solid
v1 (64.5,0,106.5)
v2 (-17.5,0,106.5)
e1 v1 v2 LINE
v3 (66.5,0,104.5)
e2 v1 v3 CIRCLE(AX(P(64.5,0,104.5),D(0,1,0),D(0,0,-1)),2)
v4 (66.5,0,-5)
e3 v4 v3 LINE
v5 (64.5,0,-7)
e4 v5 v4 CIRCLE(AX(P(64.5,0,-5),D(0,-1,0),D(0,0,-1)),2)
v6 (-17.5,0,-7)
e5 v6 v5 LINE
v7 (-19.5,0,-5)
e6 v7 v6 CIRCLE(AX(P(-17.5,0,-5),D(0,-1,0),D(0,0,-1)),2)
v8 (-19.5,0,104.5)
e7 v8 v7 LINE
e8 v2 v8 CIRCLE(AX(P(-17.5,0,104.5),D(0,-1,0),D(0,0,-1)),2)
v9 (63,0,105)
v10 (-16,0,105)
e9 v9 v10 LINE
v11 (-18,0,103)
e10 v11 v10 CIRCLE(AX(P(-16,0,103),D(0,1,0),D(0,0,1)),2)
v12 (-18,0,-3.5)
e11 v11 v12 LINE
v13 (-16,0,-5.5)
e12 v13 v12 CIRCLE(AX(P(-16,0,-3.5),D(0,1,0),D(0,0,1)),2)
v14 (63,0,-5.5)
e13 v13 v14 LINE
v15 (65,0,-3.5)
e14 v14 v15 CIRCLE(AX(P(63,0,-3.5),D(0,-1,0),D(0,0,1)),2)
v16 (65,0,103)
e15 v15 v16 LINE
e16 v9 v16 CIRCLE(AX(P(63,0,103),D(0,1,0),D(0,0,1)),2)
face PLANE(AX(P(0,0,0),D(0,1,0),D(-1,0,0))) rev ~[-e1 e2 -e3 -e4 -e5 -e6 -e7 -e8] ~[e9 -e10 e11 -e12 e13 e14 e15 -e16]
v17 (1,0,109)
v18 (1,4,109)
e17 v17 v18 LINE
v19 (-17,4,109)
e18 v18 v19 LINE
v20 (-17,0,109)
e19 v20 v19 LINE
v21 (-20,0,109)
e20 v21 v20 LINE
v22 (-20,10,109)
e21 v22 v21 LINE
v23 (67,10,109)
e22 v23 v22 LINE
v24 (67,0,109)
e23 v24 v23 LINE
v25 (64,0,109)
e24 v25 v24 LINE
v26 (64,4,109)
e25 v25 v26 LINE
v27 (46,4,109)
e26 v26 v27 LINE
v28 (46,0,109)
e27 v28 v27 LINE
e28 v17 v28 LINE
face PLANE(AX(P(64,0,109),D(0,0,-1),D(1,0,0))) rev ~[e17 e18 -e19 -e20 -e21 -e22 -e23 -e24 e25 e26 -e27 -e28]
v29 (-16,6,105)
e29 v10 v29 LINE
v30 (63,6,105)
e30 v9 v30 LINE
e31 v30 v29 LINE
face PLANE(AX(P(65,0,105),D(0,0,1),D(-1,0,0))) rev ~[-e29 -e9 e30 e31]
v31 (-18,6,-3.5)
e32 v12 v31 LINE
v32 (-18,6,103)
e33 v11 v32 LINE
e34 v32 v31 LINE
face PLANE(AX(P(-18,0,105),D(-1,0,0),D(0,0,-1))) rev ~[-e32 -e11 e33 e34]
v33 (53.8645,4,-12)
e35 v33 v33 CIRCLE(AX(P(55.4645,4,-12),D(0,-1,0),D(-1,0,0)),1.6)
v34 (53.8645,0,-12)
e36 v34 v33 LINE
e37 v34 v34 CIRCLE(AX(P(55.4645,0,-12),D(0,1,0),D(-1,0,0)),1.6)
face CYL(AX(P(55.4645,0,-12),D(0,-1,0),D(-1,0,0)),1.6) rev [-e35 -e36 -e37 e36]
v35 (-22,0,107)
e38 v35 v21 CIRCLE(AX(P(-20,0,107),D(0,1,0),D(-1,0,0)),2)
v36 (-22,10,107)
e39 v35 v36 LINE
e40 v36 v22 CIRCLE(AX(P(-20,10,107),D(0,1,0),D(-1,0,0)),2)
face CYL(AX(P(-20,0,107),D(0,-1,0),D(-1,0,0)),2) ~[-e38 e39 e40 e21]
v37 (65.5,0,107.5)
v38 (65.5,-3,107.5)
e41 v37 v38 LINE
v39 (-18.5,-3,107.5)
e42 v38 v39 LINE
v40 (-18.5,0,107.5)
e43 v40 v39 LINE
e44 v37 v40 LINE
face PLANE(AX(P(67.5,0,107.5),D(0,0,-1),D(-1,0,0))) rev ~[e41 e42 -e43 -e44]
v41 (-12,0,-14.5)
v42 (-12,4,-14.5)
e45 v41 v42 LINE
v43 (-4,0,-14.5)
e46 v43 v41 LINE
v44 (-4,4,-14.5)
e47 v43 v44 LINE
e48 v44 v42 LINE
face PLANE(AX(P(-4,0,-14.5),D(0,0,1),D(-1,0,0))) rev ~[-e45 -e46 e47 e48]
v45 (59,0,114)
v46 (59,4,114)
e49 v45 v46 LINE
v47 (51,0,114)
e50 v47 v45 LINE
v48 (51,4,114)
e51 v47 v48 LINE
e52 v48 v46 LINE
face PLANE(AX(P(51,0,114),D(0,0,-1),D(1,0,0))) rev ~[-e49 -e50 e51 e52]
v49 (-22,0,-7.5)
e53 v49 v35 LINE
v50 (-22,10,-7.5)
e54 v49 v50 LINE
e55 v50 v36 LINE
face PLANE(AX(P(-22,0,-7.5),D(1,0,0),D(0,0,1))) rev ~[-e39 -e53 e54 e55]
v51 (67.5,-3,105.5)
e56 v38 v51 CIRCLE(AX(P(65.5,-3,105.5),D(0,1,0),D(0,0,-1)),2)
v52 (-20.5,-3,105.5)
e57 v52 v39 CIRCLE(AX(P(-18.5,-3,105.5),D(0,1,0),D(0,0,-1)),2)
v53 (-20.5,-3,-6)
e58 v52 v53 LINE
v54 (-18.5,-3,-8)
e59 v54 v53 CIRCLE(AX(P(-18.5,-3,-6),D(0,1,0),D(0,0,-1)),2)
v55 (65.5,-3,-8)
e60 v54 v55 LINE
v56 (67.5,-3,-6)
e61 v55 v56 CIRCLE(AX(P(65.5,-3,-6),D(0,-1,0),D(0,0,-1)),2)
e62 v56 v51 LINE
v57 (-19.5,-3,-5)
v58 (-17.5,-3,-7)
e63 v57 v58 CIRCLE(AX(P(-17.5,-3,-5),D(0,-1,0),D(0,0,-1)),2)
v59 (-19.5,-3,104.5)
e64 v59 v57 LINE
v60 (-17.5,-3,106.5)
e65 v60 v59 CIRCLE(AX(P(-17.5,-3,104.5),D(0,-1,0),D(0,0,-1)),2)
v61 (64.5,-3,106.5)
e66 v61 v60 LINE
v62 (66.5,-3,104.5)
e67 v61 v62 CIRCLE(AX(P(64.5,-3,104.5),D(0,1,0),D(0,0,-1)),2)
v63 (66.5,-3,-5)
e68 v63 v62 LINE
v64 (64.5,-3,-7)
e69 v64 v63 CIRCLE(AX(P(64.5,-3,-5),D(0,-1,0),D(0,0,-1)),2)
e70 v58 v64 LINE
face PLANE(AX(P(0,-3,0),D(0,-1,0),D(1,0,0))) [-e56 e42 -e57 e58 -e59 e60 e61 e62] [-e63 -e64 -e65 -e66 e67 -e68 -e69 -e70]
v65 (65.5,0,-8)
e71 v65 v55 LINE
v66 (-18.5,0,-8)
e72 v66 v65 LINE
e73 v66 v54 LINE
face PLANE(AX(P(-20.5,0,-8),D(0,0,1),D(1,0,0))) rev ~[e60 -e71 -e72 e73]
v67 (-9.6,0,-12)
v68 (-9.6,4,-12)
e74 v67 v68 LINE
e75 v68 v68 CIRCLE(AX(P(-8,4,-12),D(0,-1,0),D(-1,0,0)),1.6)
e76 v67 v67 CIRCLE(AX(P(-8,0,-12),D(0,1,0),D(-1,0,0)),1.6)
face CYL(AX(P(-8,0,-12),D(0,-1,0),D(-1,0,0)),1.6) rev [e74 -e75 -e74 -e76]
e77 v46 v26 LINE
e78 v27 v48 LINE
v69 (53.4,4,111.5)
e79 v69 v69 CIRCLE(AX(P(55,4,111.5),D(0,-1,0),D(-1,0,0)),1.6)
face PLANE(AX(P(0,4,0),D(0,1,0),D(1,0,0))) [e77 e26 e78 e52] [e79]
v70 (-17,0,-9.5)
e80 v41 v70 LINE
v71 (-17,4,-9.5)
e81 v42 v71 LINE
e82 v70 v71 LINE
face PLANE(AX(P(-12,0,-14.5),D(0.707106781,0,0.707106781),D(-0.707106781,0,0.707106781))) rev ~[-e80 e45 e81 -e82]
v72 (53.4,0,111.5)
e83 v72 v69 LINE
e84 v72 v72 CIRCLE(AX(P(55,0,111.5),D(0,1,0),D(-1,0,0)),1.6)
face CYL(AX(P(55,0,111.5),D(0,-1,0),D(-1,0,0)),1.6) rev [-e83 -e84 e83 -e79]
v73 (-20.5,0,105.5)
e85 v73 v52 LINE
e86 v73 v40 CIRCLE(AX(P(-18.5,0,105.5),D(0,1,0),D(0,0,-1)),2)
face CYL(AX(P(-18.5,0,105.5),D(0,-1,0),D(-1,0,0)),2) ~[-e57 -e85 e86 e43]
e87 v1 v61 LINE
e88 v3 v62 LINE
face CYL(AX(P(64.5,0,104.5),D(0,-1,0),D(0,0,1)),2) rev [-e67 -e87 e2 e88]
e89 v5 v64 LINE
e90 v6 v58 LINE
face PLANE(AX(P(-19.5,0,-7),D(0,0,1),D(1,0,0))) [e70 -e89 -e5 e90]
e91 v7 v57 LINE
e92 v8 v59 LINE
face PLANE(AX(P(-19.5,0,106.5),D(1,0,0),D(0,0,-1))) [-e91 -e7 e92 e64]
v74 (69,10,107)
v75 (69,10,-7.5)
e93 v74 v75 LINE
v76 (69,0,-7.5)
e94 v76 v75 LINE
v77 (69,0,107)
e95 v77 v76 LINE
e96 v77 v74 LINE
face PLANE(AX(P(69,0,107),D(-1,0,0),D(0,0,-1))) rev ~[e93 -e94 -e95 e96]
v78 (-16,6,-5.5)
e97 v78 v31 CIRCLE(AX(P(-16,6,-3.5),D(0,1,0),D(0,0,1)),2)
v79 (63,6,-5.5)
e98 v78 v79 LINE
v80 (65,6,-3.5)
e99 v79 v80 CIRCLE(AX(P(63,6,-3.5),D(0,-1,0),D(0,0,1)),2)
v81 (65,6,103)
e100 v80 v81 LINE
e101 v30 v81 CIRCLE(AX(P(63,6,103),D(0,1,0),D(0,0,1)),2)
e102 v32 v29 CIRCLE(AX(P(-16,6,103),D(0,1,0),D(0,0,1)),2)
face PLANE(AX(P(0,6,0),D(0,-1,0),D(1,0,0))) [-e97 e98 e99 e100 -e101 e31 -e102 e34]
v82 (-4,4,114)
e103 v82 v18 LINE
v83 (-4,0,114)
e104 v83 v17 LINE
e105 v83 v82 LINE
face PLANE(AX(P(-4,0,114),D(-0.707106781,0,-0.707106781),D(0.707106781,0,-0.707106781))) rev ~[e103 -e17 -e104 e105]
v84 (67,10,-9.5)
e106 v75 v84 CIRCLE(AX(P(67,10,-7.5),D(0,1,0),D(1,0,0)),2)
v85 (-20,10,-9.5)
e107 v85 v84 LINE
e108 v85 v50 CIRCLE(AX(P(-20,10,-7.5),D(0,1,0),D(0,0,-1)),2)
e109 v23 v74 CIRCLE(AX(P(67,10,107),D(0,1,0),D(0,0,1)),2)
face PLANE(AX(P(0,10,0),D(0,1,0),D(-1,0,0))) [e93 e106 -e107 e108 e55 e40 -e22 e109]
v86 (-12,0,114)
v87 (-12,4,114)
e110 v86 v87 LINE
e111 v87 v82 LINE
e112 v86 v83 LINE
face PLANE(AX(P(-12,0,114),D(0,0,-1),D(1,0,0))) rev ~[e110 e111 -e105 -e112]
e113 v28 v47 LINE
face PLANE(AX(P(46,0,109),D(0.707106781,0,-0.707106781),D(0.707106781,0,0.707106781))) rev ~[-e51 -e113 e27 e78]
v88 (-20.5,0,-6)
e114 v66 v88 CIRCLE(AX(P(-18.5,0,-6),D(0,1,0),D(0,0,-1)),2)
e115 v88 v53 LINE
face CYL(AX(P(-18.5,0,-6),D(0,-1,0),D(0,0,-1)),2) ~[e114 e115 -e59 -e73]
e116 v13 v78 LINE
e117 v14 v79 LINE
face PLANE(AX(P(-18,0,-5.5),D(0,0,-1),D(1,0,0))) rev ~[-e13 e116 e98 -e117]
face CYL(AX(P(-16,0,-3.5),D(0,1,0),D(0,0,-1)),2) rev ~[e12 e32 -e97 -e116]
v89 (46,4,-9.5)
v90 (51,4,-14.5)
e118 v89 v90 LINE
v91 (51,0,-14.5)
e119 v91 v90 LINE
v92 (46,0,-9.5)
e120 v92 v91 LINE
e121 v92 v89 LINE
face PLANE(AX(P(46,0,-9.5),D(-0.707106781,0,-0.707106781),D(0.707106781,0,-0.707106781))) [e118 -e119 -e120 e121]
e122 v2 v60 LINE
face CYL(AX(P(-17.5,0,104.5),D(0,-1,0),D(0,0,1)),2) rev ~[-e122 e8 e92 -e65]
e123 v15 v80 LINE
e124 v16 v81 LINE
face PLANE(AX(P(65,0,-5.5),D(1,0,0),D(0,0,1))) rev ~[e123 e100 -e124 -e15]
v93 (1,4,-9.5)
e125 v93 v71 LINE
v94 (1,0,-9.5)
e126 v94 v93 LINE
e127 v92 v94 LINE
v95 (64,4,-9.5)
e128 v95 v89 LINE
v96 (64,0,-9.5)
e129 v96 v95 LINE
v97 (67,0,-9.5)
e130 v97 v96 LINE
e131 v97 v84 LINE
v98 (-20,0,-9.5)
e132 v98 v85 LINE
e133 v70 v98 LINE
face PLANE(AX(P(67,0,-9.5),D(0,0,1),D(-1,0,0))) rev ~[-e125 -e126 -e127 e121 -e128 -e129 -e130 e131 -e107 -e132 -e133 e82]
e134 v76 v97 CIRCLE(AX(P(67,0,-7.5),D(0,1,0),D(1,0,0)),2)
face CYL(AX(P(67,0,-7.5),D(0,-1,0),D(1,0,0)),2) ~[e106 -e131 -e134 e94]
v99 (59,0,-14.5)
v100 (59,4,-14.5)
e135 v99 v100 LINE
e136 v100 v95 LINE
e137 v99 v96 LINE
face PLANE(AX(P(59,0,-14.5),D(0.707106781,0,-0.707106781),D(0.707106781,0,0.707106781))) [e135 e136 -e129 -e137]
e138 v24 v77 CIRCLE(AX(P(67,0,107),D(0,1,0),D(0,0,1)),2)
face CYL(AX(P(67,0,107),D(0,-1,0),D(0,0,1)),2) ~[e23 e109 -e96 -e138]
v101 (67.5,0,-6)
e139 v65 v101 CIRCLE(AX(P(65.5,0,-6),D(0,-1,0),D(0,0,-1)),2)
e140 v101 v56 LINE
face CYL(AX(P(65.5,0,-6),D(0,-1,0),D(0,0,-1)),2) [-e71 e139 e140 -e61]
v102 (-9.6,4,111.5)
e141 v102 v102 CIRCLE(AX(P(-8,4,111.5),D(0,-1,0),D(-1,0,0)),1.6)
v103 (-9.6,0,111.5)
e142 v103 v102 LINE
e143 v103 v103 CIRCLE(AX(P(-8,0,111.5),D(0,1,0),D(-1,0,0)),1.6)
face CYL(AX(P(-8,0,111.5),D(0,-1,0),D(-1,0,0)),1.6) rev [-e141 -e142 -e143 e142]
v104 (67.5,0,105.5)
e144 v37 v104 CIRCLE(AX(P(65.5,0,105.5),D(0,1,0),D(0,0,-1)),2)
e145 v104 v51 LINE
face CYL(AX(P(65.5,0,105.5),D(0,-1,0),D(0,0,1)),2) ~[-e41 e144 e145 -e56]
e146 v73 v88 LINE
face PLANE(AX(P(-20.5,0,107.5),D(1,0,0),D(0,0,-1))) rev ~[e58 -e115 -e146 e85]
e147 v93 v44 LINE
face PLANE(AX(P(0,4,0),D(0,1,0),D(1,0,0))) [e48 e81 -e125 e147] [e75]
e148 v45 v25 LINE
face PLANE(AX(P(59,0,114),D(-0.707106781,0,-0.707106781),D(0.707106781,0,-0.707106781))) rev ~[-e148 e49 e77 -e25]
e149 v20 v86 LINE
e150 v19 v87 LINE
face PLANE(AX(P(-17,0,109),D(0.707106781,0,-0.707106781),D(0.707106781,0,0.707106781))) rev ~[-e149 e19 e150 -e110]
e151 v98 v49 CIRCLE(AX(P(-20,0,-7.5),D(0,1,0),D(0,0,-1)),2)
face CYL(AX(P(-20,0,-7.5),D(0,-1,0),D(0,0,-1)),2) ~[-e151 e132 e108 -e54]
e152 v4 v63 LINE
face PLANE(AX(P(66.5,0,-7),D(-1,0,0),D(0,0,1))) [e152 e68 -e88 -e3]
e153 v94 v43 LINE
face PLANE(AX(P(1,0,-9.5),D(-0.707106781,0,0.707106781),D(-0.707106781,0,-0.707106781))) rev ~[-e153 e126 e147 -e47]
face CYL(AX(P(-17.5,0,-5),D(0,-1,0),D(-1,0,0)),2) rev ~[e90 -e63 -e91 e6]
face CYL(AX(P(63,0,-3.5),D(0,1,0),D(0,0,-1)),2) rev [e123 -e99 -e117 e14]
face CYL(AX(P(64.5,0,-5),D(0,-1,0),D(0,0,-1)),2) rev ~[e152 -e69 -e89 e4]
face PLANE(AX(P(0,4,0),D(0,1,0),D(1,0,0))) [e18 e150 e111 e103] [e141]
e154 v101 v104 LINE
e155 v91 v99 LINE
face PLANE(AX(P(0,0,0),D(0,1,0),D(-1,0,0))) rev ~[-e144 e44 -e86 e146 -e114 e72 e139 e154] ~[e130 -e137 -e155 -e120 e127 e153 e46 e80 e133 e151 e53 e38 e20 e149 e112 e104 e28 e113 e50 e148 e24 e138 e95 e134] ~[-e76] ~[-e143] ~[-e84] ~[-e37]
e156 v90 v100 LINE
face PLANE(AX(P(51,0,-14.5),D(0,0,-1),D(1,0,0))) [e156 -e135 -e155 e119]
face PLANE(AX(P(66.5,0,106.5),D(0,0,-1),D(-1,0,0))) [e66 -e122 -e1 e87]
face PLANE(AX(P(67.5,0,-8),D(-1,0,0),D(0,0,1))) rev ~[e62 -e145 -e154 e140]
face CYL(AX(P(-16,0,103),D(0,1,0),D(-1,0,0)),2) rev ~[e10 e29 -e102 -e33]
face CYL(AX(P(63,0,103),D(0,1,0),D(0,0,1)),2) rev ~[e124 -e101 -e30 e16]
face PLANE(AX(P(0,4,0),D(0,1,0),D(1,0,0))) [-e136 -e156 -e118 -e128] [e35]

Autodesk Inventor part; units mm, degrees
ref_plane "YZ Plane" through (0, 0, 0) normal (1, 0, 0) x (0, 1, 0)
ref_plane "XZ Plane" through (0, 0, 0) normal (0, 1, 0) x (-1, 0, 0)
ref_plane "XY Plane" through (0, 0, 0) normal (0, 0, 1) x (1, 0, 0)
sketch "Sketch1" plane through (0, 0, 0) normal (0, 1, 0) x (-1, 0, 0)
  circle A0 centre (-55, 111.5) radius 1.6
  circle A1 centre (-55.4645, -12) radius 1.6
  circle A2 centre (8, -12) radius 1.6
  circle A3 centre (8, 111.5) radius 1.6
  arc A4 (-67, 109) -> (-69, 107) centre (-67, 107) ccw
  line L0 (-69, 107) -> (-69, -7.5)
  arc A5 (-69, -7.5) -> (-67, -9.5) centre (-67, -7.5) ccw
  line L1 (-67, -9.5) -> (-64, -9.5)
  line L2 (-59, -14.5) -> (-64, -9.5)
  line L3 (-51, -14.5) -> (-59, -14.5)
  line L4 (-46, -9.5) -> (-51, -14.5)
  line L5 (-46, -9.5) -> (-1, -9.5)
  line L6 (-1, -9.5) -> (4, -14.5)
  line L7 (4, -14.5) -> (12, -14.5)
  line L8 (12, -14.5) -> (17, -9.5)
  line L9 (17, -9.5) -> (20, -9.5)
  arc A6 (20, -9.5) -> (22, -7.5) centre (20, -7.5) ccw
  line L10 (22, -7.5) -> (22, 107)
  arc A7 (22, 107) -> (20, 109) centre (20, 107) ccw
  line L11 (20, 109) -> (17, 109)
  line L12 (17, 109) -> (12, 114)
  line L13 (12, 114) -> (4, 114)
  line L14 (4, 114) -> (-1, 109)
  line L15 (-1, 109) -> (-46, 109)
  line L16 (-46, 109) -> (-51, 114)
  line L17 (-51, 114) -> (-59, 114)
  line L18 (-59, 114) -> (-64, 109)
  line L19 (-64, 109) -> (-67, 109)
  point P0 (0, 0)
  point P1 (0, 0)
extrude "Extrusion1" add sketch "Sketch1" along normal blind 10
sketch "Sketch4" plane through (0, 0, 0) normal (0, -1, 0) x (1, 0, 0)
  line L0 (65, 105) -> (-18, 105)
  line L1 (-18, 105) -> (-18, -5.5)
  line L2 (-18, -5.5) -> (65, -5.5)
  line L3 (65, -5.5) -> (65, 105)
  line L4 (1, 109) -> (46, 109) projected
  line L5 (46, -9.5) -> (1, -9.5) projected
  line L6 (-22, -7.5) -> (-22, 107) projected
  line L7 (69, 107) -> (69, -7.5) projected
  point P0 (0, 0)
  dimension "d2" = 4
  dimension "d3" = 4
  dimension "d4" = 4
  dimension "d5" = 4
extrude "Extrusion2" cut sketch "Sketch4" against normal blind 6
fillet "Fillet1" radius 2 4 edges at (65, 3, 105) (-18, 3, 105) (65, 3, -5.5) (-18, 3, -5.5)
sketch "Sketch5" plane through (0, 10, 0) normal (0, 1, 0) x (1, 0, 0)
  line L0 (64, -109) -> (67, -109) projected
  line L1 (-40.3504, -169.2964) -> (66.299, -169.2964)
  line L2 (66.299, -169.2964) -> (66.299, -109)
  line L3 (66.299, -109) -> (-40.3504, -109)
  line L4 (-40.3504, -109) -> (-40.3504, -169.2964)
  line L5 (-53.7547, 54.3444) -> (65.5201, 54.3444)
  line L6 (65.5201, 54.3444) -> (65.5201, 9.5)
  line L7 (65.5201, 9.5) -> (-53.7547, 9.5)
  line L8 (-53.7547, 9.5) -> (-53.7547, 54.3444)
  point P0 (0, 0)
extrude "Extrusion3" cut sketch "Sketch5" against normal blind 6
sketch "Sketch6" plane through (0, 0, 0) normal (0, -1, 0) x (1, 0, 0)
  line L0 (67.5, 107.5) -> (-20.5, 107.5)
  line L1 (-20.5, 107.5) -> (-20.5, -8)
  line L2 (-20.5, -8) -> (67.5, -8)
  line L3 (67.5, -8) -> (67.5, 107.5)
  line L4 (67, -9.5) -> (-20, -9.5) projected
  line L5 (-22, -7.5) -> (-22, 107) projected
  line L6 (69, 107) -> (69, -7.5) projected
  line L7 (-20, 109) -> (67, 109) projected
  line L8 (66.5, 106.5) -> (-19.5, 106.5)
  line L9 (-19.5, 106.5) -> (-19.5, -7)
  line L10 (-19.5, -7) -> (66.5, -7)
  line L11 (66.5, -7) -> (66.5, 106.5)
  point P0 (0, 0)
  dimension "d11" = 1.5
  dimension "d12" = 1.5
  dimension "d13" = 1.5
  dimension "d14" = 1.5
  dimension "d15" = 1
  dimension "d16" = 1
  dimension "d17" = 1
  dimension "d18" = 1
extrude "Extrusion4" add sketch "Sketch6" along normal blind 3
fillet "Fillet2" radius 2 8 edges at (-20.5, -1.5, 107.5) (67.5, -1.5, 107.5) (66.5, -1.5, 106.5) (-19.5, -1.5, 106.5) (-20.5, -1.5, -8) (-19.5, -1.5, -7) (67.5, -1.5, -8) (66.5, -1.5, -7)
properties part number "Top"
